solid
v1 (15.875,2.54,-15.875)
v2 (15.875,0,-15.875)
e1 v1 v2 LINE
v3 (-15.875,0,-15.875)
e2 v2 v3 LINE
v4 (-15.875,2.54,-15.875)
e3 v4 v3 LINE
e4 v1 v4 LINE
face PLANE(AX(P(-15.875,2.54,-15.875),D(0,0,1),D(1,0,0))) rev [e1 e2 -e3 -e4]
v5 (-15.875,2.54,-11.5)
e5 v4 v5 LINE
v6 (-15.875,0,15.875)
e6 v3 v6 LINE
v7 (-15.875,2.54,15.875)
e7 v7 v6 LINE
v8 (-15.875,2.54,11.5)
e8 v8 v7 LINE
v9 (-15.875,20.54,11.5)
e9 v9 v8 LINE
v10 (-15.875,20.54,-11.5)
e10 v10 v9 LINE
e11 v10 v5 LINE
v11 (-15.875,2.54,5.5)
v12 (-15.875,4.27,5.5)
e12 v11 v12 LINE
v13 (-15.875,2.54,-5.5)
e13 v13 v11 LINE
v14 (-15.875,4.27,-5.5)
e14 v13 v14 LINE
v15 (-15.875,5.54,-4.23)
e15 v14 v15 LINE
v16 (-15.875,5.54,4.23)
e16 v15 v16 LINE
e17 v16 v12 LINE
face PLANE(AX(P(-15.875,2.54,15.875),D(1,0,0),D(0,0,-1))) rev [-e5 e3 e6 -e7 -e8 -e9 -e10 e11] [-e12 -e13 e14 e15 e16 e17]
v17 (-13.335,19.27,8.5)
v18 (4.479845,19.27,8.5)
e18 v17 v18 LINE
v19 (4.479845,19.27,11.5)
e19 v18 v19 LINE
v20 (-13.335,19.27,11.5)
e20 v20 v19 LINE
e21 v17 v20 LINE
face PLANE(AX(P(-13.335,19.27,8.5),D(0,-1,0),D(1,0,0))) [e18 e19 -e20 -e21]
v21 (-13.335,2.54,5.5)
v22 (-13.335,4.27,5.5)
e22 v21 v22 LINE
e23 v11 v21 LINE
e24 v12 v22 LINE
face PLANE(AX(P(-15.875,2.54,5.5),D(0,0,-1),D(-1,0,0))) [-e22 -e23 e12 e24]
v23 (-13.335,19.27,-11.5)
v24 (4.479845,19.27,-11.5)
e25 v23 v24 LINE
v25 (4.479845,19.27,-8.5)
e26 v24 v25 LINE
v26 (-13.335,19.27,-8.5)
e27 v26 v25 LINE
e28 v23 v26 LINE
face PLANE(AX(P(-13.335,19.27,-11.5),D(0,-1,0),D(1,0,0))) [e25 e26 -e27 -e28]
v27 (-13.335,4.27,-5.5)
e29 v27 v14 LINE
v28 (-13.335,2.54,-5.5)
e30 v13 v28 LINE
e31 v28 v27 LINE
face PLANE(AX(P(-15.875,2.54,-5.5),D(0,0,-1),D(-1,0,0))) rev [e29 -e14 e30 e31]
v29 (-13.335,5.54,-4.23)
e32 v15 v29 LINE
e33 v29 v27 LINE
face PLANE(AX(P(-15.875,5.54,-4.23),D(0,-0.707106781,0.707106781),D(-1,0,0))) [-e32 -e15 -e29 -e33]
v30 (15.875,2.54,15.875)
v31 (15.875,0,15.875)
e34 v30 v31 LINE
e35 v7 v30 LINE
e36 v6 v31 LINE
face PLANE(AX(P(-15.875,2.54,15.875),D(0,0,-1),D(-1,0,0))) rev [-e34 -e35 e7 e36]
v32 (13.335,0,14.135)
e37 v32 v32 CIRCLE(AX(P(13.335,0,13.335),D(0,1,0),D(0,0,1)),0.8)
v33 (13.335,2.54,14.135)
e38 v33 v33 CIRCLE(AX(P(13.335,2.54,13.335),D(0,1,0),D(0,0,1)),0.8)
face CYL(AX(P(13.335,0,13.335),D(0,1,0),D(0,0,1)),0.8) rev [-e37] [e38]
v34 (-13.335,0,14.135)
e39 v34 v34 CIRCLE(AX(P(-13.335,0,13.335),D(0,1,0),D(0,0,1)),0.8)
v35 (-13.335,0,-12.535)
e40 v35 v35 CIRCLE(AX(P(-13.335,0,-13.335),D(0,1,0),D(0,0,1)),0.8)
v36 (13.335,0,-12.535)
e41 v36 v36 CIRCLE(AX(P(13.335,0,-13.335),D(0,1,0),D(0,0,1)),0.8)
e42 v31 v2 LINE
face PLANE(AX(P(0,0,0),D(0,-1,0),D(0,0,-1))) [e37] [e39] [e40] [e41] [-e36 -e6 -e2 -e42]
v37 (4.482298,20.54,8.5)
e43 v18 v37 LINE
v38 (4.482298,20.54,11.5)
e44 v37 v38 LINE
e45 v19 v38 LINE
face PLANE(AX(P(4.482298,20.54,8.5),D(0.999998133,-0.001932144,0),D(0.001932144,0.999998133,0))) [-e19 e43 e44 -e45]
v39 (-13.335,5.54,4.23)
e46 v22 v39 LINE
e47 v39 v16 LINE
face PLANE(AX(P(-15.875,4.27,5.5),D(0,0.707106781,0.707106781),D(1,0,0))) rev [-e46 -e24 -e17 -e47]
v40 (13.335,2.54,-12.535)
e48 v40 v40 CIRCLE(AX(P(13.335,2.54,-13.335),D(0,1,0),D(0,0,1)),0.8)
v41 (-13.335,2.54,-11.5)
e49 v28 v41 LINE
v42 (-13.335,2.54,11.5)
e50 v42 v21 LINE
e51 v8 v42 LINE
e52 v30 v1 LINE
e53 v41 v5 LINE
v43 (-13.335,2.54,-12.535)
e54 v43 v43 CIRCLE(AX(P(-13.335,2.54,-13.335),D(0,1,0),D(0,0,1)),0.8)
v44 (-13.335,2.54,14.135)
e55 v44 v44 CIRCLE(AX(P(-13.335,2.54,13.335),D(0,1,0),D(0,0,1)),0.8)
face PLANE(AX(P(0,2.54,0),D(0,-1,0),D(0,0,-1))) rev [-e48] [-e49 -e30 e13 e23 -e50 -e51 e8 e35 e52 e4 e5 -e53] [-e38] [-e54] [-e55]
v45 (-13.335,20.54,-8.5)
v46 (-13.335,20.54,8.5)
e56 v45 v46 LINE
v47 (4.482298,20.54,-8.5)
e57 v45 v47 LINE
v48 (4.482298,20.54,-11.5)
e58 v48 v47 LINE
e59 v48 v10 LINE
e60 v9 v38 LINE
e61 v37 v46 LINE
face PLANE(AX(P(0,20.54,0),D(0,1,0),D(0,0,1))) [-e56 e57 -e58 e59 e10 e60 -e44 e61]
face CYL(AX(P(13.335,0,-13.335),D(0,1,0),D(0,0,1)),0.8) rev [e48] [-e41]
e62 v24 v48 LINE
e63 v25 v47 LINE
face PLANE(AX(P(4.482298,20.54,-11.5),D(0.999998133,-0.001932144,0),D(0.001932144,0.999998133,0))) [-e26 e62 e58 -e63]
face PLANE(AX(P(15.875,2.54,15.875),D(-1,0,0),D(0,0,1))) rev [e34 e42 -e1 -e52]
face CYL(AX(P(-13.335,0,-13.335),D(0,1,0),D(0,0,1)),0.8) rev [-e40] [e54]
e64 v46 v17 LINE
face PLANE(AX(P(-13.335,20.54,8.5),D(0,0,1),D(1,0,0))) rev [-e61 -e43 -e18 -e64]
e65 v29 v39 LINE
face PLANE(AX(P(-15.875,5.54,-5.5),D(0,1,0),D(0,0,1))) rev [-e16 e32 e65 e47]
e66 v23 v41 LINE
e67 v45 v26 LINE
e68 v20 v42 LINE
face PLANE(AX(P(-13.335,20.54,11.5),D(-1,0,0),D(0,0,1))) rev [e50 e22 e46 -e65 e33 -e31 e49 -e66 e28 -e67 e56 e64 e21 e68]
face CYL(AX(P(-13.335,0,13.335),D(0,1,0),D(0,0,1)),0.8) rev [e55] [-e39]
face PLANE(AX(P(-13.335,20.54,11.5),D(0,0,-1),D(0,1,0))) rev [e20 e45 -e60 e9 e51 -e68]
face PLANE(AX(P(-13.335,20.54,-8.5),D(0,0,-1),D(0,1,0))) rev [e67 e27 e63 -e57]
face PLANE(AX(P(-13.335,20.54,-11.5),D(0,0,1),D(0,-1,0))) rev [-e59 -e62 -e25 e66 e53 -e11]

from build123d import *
from build123d.topology import SkipClean

# Parameters (mm, degrees)
SKETCH1_W           = 31.75
SKETCH1_H           = 31.75
BOSS_EXTRUDE1_DEPTH = 2.54
SKETCH3_W           = 2.54
SKETCH3_H           = 3
BOSS_EXTRUDE2_DEPTH = 18
BOSS_EXTRUDE3_DEPTH = 3.000000096
LPATTERN1_COUNT     = 2
LPATTERN1_PITCH     = 19.999999878
SKETCH7_R           = 0.8
CUT_EXTRUDE1_DEPTH  = 29.775532141
SKETCH8_W           = 2.54
SKETCH8_H           = 18
BOSS_EXTRUDE4_DEPTH = 17.000000036
SKETCH10_W          = 11
SKETCH10_H          = 3
CUT_EXTRUDE2_DEPTH  = 2.54
CHAMFER1_SIZE       = 1.27


with BuildPart() as part:
    # Sketch1 → Boss-Extrude1 (new body)
    with BuildSketch(Plane(origin=(0, 0, 0), x_dir=(1, 0, 0), z_dir=(0, 1, 0))):
        Rectangle(SKETCH1_W, SKETCH1_H)
    extrude(amount=BOSS_EXTRUDE1_DEPTH)

    # Sketch3 → Boss-Extrude2 (add)
    with BuildSketch(Plane(origin=(0, 2.54, 0), x_dir=(1, 0, 0), z_dir=(0, 1, 0))):
        with Locations((-14.605, -10.000000018)):
            Rectangle(SKETCH3_W, SKETCH3_H)
        with Locations((-14.605, 10.000000018)):
            Rectangle(SKETCH3_W, SKETCH3_H)
    extrude(amount=BOSS_EXTRUDE2_DEPTH)

    # Sketch6 → Boss-Extrude3 (add)
    with BuildSketch(Plane.XY.offset(11.500000018)):
        Polygon((-13.335, 20.54), (-13.335, 19.27), (4.479844611, 19.27), (4.482298438, 20.54), align=None)
    boss_extrude3 = extrude(amount=-BOSS_EXTRUDE3_DEPTH)

    # LPattern1: Boss-Extrude3 ×2
    with SkipClean():  # the faces are left unmerged after this step: merging them gives an invalid solid
        with Locations(*[(0, 0, -i * LPATTERN1_PITCH) for i in range(1, LPATTERN1_COUNT)]):
            add(boss_extrude3)

    # Sketch7 → Cut-Extrude1 (cut, through all)
    with SkipClean():  # the faces are left unmerged after this step: merging them gives an invalid solid
        with BuildSketch(Plane(origin=(0, 2.54, 0), x_dir=(1, 0, 0), z_dir=(0, 1, 0))):
            with Locations(Location((13.335, 13.335, 0), (0, 0, 270))):
                Circle(SKETCH7_R)
            with Locations(Location((-13.335, 13.335, 0), (0, 0, 270))):
                Circle(SKETCH7_R)
            with Locations(Location((-13.335, -13.335, 0), (0, 0, 270))):
                Circle(SKETCH7_R)
            with Locations(Location((13.335, -13.335, 0), (0, 0, 270))):
                Circle(SKETCH7_R)
        extrude(amount=-CUT_EXTRUDE1_DEPTH, mode=Mode.SUBTRACT)

    # Sketch8 → Boss-Extrude4 (add)
    with BuildSketch(Plane(origin=(0, 0, 8.500000018), x_dir=(-1, 0, 0), z_dir=(0, 0, -1))):
        with Locations((14.605, 11.54)):
            Rectangle(SKETCH8_W, SKETCH8_H)
    extrude(amount=BOSS_EXTRUDE4_DEPTH)

    # Sketch10 → Cut-Extrude2 (cut)
    with BuildSketch(Plane(origin=(-13.335, 0, 0), x_dir=(0, 0, -1), z_dir=(1, 0, 0))):
        with Locations((0, 4.04)):
            Rectangle(SKETCH10_W, SKETCH10_H)
    extrude(amount=-CUT_EXTRUDE2_DEPTH, mode=Mode.SUBTRACT)

    # Chamfer1
    chamfer1_edges = [part.edges().sort_by_distance(p)[0] for p in [
        (-14.605, 5.54, -5.5),
        (-14.605, 5.54, 5.5),
    ]]
    chamfer(chamfer1_edges, length=CHAMFER1_SIZE)


solid = part.part
